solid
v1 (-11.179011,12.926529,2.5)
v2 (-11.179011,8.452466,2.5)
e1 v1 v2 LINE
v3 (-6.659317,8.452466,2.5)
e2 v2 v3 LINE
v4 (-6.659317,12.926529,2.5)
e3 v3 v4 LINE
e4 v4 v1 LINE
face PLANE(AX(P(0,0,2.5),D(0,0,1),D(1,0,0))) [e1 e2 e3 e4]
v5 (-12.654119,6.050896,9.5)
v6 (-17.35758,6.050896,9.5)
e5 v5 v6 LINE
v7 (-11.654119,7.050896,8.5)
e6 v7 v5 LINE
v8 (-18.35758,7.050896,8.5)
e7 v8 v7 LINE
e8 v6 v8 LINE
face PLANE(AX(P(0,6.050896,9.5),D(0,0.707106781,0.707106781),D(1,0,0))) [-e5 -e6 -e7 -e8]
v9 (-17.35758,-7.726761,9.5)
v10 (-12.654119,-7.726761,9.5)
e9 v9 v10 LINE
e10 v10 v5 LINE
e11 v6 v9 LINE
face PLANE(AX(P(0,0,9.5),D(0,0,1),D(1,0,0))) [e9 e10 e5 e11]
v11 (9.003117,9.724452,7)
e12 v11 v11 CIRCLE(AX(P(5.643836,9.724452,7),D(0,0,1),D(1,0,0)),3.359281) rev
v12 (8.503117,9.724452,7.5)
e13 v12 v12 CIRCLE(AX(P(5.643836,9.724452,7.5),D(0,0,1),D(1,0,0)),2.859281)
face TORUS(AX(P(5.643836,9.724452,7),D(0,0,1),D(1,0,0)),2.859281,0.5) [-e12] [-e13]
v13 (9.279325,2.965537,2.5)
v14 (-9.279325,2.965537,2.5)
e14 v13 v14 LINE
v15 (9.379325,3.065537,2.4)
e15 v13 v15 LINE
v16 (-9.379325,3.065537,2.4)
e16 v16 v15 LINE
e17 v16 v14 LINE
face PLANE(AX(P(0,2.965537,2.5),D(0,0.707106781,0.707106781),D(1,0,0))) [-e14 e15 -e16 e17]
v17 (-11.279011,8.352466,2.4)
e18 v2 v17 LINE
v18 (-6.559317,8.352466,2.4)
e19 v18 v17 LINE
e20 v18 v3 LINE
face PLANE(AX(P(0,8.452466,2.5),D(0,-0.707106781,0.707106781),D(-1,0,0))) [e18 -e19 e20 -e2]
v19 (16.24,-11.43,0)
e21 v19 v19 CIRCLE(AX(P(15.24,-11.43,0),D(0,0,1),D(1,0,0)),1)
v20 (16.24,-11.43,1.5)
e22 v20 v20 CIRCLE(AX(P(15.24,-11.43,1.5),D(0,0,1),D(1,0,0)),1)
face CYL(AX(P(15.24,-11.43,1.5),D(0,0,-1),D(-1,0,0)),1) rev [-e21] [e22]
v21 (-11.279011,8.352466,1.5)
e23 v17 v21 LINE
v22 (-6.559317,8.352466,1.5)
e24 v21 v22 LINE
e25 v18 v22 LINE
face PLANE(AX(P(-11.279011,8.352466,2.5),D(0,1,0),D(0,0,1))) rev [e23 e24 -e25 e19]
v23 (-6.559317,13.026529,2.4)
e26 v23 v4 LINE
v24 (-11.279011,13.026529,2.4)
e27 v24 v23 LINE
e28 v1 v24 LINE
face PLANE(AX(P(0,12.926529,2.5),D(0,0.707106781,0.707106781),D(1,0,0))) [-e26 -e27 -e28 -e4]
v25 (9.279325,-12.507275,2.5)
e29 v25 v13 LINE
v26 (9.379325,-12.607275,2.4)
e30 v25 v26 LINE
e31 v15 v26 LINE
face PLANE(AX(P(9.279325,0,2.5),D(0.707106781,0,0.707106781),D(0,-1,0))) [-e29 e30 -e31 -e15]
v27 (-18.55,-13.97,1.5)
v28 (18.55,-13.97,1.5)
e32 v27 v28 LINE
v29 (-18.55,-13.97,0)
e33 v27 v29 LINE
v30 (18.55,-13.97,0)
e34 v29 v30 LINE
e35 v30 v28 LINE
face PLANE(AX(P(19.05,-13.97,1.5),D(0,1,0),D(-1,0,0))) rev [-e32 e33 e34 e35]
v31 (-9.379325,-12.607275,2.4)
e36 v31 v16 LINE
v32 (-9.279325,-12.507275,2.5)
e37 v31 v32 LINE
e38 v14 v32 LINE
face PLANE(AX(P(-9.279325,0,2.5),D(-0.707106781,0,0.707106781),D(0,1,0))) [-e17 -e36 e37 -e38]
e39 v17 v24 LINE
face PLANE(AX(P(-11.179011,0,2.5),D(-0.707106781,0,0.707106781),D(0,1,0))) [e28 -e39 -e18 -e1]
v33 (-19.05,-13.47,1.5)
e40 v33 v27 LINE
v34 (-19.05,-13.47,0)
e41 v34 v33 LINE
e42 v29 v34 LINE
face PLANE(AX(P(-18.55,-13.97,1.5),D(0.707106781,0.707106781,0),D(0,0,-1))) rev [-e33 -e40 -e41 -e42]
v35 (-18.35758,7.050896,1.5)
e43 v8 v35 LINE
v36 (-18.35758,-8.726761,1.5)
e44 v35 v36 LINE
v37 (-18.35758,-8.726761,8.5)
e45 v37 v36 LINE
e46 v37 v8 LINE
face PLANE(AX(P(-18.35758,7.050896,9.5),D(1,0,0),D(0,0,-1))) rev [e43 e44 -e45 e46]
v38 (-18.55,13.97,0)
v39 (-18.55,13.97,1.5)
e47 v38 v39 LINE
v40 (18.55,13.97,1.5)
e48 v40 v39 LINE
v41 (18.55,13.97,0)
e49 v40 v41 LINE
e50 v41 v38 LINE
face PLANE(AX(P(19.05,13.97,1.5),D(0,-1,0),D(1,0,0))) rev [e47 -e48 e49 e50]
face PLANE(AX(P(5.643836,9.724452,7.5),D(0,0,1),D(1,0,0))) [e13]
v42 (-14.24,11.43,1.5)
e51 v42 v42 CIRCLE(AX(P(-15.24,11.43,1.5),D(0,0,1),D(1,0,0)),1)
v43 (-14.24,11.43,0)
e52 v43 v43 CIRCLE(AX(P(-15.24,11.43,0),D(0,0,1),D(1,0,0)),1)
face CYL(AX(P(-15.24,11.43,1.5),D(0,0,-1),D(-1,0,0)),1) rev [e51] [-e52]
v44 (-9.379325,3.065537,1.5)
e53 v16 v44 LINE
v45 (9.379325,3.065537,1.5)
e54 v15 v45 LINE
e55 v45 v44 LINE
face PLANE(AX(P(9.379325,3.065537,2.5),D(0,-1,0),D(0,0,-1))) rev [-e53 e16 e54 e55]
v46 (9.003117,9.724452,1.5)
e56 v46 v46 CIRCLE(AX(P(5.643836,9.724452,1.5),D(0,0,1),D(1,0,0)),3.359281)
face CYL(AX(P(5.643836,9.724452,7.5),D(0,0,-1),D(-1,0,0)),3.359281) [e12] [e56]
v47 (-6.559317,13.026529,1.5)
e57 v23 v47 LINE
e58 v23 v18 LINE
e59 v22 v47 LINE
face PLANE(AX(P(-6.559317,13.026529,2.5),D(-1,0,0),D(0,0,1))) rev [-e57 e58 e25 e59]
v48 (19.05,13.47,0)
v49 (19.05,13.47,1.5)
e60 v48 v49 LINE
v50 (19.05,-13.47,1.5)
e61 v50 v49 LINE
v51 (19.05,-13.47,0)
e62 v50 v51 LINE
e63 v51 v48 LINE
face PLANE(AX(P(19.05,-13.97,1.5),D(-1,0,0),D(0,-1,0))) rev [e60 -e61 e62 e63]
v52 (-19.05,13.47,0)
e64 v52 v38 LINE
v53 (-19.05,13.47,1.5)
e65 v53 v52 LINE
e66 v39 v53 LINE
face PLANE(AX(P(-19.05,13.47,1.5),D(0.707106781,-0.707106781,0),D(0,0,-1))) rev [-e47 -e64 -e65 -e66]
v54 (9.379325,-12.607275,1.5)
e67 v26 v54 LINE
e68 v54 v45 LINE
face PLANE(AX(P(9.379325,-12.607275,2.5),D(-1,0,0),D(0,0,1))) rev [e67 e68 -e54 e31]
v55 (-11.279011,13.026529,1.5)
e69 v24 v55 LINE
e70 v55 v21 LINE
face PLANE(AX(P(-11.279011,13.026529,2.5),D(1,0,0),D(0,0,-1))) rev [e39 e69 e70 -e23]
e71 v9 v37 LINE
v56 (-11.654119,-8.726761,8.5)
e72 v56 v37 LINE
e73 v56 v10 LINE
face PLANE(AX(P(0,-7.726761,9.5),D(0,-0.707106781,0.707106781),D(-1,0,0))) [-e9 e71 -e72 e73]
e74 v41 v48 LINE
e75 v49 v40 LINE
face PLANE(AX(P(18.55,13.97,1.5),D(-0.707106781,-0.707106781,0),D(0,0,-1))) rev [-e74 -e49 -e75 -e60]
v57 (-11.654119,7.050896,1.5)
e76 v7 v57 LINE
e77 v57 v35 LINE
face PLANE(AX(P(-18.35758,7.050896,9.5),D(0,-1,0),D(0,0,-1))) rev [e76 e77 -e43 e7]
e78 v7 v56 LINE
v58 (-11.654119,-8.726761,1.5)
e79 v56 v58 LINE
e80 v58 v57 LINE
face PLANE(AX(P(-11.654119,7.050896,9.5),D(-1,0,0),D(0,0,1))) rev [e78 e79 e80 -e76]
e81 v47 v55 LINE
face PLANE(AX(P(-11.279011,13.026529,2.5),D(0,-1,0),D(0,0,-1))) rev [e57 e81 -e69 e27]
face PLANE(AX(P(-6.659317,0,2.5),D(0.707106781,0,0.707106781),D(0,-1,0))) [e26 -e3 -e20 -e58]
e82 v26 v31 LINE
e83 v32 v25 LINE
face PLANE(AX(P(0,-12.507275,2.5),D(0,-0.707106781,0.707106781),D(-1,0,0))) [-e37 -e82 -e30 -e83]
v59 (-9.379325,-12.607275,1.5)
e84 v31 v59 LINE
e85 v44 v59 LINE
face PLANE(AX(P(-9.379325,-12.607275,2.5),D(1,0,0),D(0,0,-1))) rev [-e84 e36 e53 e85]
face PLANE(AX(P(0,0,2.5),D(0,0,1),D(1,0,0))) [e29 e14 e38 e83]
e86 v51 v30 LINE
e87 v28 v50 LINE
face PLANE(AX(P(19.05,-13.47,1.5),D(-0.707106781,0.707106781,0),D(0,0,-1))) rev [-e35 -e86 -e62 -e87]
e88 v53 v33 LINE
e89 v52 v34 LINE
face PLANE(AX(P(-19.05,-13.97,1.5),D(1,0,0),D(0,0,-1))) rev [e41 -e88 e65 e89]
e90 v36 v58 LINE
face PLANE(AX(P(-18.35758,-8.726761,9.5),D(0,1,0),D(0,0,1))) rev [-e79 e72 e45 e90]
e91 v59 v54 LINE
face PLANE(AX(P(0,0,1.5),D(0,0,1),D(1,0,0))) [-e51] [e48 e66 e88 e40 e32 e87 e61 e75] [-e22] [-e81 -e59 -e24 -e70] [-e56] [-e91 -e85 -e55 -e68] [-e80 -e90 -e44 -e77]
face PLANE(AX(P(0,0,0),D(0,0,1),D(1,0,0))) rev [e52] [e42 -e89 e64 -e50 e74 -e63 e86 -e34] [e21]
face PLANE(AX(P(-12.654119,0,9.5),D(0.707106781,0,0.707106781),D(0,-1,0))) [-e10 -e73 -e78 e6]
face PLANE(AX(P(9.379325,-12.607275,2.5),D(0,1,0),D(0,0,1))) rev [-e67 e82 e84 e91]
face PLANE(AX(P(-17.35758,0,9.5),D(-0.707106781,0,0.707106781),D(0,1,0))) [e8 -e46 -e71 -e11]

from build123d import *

# Parameters (mm, degrees)
SKETCH1_W           = 38.1
SKETCH1_H           = 27.94
SKETCH1_R           = 1
BOSS_EXTRUDE1_DEPTH = 1.5
CHAMFER1_SIZE       = 0.5
SKETCH2_W           = 18.758650548
SKETCH2_H           = 15.672811931
SKETCH2_W_2         = 4.719693546
SKETCH2_H_2         = 4.674063521
BOSS_EXTRUDE2_DEPTH = 1
SKETCH3_R           = 3.359281079
BOSS_EXTRUDE3_DEPTH = 6
CHAMFER2_SIZE       = 0.1
FILLET1_R           = 0.5
SKETCH4_W           = 6.703460486
SKETCH4_H           = 15.777656998
BOSS_EXTRUDE4_DEPTH = 8
CHAMFER3_SIZE       = 1


with BuildPart() as part:
    # Sketch1 → Boss-Extrude1 (new body)
    with BuildSketch(Plane.XY):
        Rectangle(SKETCH1_W, SKETCH1_H)
        with Locations((-15.24, 11.43)):
            Circle(SKETCH1_R, mode=Mode.SUBTRACT)
        with Locations((15.24, -11.43)):
            Circle(SKETCH1_R, mode=Mode.SUBTRACT)
    extrude(amount=BOSS_EXTRUDE1_DEPTH)

    # Chamfer1
    chamfer1_edges = [part.edges().sort_by_distance(p)[0] for p in [
        (-19.05, 13.97, 0.75),
        (19.05, 13.97, 0.75),
        (19.05, -13.97, 0.75),
        (-19.05, -13.97, 0.75),
    ]]
    chamfer(chamfer1_edges, length=CHAMFER1_SIZE)

    # Sketch2 → Boss-Extrude2 (add)
    with BuildSketch(Plane.XY.offset(1.5)):
        with Locations((0, -4.770868917)):
            Rectangle(SKETCH2_W, SKETCH2_H)
        with Locations((-8.919164238, 10.689497539)):
            Rectangle(SKETCH2_W_2, SKETCH2_H_2)
    extrude(amount=BOSS_EXTRUDE2_DEPTH)

    # Sketch3 → Boss-Extrude3 (add)
    with BuildSketch(Plane.XY.offset(1.5)):
        with Locations((5.64383642, 9.724451962)):
            Circle(SKETCH3_R)
    extrude(amount=BOSS_EXTRUDE3_DEPTH)

    # Chamfer2
    chamfer2_edges = [part.edges().sort_by_distance(p)[0] for p in [
        (-9.379325274, -4.770868917, 2.5),
        (0, -12.607274882, 2.5),
        (9.379325274, -4.770868917, 2.5),
        (0, 3.065537049, 2.5),
        (-6.559317465, 10.68949754, 2.5),
        (-8.919164238, 13.0265293, 2.5),
        (-11.279011011, 10.68949754, 2.5),
        (-8.919164238, 8.352465779, 2.5),
    ]]
    chamfer(chamfer2_edges, length=CHAMFER2_SIZE)

    # Fillet1
    fillet1_edges = [part.edges().sort_by_distance(p)[0] for p in [
        (2.284555342, 9.724451962, 7.5),
    ]]
    fillet(fillet1_edges, radius=FILLET1_R)

    # Sketch4 → Boss-Extrude4 (add)
    with BuildSketch(Plane.XY.offset(1.5)):
        with Locations((-15.005849453, -0.837932561)):
            Rectangle(SKETCH4_W, SKETCH4_H)
    extrude(amount=BOSS_EXTRUDE4_DEPTH)

    # Chamfer3
    chamfer3_edges = [part.edges().sort_by_distance(p)[0] for p in [
        (-11.65411921, -0.837932561, 9.5),
        (-15.005849453, 7.050895938, 9.5),
        (-18.357579696, -0.837932561, 9.5),
        (-15.005849453, -8.72676106, 9.5),
    ]]
    chamfer(chamfer3_edges, length=CHAMFER3_SIZE)


solid = part.part
